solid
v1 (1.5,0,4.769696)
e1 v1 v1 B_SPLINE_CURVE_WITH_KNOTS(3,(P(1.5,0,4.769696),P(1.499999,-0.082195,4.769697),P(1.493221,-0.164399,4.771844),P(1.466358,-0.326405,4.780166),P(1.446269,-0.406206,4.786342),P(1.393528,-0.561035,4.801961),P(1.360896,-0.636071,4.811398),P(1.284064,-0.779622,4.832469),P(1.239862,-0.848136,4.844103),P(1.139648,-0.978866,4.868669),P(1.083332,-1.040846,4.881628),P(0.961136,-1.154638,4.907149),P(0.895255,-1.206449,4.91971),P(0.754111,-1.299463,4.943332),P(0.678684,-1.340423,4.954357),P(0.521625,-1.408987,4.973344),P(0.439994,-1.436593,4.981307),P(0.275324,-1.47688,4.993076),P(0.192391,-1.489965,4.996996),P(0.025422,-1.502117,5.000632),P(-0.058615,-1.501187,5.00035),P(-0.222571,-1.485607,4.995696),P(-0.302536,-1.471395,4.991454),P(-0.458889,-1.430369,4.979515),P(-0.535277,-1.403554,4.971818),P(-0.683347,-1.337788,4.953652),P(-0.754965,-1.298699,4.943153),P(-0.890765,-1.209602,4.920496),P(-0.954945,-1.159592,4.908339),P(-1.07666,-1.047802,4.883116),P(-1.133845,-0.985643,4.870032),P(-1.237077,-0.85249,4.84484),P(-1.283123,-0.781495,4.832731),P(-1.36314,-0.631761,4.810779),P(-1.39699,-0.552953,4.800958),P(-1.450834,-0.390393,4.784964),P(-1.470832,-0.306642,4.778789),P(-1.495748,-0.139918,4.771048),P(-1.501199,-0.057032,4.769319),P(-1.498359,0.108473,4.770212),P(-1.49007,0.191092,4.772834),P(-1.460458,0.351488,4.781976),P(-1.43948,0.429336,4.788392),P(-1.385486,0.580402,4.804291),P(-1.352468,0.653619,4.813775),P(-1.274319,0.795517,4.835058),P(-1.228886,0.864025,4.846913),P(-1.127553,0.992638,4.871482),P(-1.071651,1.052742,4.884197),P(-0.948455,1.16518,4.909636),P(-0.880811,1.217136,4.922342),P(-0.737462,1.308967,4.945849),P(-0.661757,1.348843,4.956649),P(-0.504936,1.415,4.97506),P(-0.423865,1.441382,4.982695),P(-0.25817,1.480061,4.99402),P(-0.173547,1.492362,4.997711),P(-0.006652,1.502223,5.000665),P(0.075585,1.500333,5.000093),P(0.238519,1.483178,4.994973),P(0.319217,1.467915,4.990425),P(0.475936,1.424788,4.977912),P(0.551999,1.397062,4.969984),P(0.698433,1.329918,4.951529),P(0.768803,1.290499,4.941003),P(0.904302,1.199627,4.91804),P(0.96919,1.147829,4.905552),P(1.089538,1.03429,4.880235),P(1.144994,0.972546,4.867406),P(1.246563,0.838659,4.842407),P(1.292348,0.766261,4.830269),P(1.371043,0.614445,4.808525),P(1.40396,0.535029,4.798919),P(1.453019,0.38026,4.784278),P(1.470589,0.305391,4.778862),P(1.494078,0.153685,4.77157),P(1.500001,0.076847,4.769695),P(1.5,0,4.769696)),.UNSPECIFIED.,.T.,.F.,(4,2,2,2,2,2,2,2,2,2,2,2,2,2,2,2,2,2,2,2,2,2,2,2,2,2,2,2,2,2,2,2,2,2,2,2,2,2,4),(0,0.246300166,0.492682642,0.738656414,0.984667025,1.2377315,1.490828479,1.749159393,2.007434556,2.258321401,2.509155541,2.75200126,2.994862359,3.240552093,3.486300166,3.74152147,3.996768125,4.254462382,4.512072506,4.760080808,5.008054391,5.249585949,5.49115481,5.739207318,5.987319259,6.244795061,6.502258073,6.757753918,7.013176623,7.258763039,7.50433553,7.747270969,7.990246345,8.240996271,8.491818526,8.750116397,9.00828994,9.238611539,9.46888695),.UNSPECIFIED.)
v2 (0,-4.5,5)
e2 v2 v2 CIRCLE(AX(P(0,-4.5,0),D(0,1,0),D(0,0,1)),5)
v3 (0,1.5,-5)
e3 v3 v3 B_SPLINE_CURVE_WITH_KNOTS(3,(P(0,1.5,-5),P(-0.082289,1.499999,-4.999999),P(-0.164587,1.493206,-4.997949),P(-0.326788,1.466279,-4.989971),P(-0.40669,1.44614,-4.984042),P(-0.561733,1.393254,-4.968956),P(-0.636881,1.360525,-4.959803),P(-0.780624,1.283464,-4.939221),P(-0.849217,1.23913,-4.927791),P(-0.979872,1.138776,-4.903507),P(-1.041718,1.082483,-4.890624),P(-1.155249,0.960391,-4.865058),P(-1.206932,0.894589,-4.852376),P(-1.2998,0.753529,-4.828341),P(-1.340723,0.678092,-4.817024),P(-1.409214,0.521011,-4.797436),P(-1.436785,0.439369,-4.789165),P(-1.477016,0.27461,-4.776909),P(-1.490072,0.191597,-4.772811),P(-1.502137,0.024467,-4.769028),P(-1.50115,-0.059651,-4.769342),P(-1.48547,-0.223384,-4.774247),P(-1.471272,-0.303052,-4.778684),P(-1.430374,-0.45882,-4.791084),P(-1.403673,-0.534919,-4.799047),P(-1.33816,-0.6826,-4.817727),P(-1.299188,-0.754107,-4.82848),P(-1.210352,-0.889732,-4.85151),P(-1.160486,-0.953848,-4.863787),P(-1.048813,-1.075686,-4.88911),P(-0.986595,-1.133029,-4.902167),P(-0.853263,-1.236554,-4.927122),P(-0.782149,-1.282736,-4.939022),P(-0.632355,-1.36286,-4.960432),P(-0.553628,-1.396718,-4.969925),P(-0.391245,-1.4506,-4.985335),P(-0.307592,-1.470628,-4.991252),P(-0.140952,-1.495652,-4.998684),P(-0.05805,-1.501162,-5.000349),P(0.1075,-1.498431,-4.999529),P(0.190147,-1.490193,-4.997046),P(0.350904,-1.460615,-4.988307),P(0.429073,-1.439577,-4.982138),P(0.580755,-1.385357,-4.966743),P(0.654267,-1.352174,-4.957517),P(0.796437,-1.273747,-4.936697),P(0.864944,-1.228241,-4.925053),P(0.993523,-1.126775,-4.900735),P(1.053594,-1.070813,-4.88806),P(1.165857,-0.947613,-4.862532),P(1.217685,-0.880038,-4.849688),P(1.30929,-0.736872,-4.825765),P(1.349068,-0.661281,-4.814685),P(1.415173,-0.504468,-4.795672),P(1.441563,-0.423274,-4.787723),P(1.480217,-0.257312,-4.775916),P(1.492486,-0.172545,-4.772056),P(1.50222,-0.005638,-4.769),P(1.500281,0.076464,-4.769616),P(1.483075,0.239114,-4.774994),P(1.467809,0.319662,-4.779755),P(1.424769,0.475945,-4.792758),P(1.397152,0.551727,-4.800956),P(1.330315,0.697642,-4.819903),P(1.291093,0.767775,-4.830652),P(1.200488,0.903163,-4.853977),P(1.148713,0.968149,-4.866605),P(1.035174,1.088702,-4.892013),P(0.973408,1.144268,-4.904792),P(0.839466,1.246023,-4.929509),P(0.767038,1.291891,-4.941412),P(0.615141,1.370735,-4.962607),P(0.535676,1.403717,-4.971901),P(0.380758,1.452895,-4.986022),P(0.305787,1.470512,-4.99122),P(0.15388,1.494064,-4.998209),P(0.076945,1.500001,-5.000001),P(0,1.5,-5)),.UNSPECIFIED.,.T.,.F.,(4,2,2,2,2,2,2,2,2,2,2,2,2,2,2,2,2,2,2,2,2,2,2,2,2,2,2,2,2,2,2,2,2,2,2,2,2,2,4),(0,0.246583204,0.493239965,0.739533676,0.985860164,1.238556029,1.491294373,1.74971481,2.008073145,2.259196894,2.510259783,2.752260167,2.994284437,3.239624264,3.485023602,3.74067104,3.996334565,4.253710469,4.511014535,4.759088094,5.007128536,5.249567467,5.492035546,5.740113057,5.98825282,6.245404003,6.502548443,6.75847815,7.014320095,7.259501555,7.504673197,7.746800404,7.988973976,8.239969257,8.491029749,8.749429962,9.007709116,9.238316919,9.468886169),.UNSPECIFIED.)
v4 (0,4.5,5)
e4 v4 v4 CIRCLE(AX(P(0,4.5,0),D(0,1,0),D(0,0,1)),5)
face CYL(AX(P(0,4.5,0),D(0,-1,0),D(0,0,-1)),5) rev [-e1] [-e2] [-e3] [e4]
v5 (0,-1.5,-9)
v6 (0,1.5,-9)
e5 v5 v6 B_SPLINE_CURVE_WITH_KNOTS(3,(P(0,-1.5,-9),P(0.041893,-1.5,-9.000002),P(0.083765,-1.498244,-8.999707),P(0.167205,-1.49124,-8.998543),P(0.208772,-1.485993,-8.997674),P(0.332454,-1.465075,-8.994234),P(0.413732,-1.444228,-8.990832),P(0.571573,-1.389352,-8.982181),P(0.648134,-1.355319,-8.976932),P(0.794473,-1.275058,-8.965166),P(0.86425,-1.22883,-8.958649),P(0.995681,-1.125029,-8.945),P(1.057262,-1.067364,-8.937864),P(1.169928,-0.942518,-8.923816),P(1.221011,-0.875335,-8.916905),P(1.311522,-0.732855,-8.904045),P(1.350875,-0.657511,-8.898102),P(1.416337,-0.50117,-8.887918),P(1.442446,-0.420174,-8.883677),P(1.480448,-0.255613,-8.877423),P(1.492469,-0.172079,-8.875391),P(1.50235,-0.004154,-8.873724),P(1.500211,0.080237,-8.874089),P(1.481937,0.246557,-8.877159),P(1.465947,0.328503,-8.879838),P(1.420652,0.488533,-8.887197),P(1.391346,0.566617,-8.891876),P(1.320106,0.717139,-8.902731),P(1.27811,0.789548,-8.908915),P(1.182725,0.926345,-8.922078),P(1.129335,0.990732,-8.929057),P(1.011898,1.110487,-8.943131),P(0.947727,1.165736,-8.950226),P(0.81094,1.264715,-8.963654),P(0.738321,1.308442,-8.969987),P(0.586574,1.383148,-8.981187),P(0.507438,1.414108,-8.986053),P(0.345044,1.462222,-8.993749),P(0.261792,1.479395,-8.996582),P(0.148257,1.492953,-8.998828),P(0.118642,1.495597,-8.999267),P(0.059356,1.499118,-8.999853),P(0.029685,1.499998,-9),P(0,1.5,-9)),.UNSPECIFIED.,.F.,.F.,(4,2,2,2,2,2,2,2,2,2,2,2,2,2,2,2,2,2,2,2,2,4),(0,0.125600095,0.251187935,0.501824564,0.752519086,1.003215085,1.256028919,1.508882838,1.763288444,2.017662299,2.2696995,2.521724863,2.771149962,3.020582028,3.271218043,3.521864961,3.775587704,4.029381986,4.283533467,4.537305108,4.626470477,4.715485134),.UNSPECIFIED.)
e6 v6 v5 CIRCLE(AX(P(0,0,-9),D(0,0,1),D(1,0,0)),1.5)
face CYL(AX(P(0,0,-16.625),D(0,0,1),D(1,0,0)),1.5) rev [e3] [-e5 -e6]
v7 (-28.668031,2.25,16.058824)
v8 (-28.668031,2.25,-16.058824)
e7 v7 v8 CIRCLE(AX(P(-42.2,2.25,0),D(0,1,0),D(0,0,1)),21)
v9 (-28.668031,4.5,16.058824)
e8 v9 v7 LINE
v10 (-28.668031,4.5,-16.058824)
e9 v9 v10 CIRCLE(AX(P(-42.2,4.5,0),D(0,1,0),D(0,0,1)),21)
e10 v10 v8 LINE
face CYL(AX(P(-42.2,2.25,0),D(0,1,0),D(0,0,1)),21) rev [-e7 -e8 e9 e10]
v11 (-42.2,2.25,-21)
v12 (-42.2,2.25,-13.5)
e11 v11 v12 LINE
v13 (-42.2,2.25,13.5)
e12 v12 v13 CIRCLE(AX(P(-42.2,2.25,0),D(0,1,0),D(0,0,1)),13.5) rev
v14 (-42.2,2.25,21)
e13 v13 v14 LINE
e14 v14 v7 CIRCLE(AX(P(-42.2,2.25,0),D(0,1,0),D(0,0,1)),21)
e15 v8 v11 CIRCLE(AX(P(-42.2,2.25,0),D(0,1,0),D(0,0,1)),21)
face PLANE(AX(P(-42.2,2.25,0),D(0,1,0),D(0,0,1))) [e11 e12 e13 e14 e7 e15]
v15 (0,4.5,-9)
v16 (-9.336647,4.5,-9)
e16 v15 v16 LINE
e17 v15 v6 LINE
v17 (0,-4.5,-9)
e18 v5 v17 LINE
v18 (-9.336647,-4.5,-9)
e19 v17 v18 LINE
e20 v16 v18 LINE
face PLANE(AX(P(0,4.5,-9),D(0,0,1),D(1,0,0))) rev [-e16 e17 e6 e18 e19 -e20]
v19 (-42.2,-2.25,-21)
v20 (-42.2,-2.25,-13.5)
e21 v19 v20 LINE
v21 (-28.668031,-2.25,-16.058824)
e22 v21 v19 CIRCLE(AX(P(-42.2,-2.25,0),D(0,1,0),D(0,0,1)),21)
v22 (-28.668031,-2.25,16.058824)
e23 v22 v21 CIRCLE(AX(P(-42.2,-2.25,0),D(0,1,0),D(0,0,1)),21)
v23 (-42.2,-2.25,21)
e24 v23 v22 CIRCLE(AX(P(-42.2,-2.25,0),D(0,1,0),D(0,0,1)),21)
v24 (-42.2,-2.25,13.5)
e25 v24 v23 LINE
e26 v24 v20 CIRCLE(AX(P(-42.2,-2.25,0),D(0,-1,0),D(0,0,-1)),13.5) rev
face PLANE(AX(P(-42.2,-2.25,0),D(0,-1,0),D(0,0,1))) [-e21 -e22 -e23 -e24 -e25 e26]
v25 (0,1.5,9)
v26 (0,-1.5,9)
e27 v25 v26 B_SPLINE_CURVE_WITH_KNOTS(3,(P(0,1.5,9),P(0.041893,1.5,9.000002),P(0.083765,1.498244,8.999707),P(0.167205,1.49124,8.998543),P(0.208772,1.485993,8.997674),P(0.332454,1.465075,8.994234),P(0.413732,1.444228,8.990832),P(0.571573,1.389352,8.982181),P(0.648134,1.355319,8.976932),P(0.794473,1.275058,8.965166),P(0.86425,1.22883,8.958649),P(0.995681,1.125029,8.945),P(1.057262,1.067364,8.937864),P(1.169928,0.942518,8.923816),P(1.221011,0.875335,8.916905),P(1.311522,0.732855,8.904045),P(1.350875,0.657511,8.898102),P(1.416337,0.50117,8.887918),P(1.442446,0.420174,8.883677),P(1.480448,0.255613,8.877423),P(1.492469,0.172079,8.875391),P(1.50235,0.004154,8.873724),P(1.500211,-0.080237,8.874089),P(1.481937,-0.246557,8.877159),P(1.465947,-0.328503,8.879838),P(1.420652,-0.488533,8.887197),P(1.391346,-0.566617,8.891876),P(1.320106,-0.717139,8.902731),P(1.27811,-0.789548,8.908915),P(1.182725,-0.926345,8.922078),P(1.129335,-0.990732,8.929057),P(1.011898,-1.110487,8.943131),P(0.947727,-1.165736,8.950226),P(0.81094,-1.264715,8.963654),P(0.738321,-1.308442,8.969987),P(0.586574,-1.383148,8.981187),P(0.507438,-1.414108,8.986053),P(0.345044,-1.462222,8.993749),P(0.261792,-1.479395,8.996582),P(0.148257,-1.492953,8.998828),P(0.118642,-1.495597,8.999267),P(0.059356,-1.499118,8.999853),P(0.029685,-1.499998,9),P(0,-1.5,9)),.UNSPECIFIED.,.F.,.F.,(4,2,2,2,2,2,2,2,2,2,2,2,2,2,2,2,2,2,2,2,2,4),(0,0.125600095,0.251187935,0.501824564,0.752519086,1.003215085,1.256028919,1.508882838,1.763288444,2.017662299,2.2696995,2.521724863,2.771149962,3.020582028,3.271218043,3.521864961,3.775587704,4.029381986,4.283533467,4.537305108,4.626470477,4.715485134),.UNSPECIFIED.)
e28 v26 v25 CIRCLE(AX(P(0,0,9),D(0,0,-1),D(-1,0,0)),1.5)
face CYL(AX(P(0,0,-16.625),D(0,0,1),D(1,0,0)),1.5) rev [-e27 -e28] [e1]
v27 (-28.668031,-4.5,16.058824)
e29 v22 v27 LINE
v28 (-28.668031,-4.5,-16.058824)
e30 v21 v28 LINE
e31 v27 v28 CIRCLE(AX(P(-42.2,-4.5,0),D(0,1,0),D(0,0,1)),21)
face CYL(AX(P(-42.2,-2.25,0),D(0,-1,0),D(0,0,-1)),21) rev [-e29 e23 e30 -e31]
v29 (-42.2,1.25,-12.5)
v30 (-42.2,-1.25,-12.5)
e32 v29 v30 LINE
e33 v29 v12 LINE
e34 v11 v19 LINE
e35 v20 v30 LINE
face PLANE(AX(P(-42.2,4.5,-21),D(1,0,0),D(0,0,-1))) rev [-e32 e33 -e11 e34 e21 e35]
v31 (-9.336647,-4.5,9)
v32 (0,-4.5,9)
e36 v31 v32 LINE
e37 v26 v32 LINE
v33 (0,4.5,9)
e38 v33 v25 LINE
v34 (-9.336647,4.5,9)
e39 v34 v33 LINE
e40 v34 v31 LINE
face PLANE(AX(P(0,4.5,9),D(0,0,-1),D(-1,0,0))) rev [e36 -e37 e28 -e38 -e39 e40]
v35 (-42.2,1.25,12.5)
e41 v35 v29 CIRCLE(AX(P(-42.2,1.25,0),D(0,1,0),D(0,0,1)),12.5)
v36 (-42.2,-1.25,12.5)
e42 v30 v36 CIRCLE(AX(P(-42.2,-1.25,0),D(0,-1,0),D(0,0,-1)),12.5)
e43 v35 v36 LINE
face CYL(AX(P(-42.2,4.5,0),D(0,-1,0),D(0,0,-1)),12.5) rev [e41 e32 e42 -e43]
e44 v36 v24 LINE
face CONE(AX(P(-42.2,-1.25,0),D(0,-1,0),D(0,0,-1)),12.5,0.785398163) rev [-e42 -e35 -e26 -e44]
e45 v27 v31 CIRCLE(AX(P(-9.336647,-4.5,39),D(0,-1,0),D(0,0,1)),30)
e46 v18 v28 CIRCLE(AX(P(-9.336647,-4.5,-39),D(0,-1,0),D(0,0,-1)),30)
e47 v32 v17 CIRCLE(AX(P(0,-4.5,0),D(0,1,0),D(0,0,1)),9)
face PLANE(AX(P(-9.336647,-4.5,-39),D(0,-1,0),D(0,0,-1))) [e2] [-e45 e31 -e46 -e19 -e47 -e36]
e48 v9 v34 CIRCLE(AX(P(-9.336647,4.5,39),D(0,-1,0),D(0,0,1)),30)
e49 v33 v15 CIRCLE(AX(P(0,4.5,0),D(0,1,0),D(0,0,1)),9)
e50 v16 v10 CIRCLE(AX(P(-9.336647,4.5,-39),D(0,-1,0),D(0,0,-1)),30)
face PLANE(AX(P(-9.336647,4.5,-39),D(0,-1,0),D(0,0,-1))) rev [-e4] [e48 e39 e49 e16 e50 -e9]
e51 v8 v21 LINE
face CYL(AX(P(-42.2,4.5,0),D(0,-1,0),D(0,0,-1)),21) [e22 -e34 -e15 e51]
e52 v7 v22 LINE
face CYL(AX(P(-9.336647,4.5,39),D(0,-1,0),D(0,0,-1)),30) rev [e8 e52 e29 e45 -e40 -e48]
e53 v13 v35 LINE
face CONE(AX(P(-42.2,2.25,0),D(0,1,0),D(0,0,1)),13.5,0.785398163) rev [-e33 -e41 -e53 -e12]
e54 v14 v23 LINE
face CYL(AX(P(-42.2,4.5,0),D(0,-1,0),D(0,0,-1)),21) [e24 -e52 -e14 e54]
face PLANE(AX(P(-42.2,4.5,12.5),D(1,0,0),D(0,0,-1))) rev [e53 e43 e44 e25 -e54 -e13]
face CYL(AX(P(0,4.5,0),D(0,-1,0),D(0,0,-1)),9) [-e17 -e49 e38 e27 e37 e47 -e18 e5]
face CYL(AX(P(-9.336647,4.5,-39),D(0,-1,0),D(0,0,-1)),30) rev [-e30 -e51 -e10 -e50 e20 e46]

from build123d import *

# Parameters (mm, degrees)
SKETCH_1_R          = 5
EXTRUDE_1_DEPTH     = 4.5
CUT_EXTRUDE_1_DEPTH = 2.25
CHAMFER_1_SIZE      = 1
SKETCH_3_R          = 1.5
CUT_EXTRUDE_2_DEPTH = 16.625


with BuildPart() as part:
    # 草图1 → 凸台-拉伸1 (new, symmetric)
    with BuildSketch(Plane(origin=(0, 0, 0), x_dir=(1, 0, 0), z_dir=(0, 1, 0))):
        with BuildLine():
            Line((0, 9), (-9.33664655, 9))
            ThreePointArc((-9.33664655, 9), (-19.626561658, 10.819906901), (-28.668030932, 16.058823529))
            ThreePointArc((-28.668030932, 16.058823529), (-34.997059424, 19.726065169), (-42.2, 21))
            Line((-42.2, 21), (-42.2, 12.5))
            ThreePointArc((-42.2, 12.5), (-29.7, 0), (-42.2, -12.5))
            Line((-42.2, -12.5), (-42.2, -21))
            ThreePointArc((-42.2, -21), (-34.997059424, -19.726065169), (-28.668030932, -16.058823529))
            ThreePointArc((-28.668030932, -16.058823529), (-19.626561658, -10.819906901), (-9.33664655, -9))
            Line((-9.33664655, -9), (0, -9))
            ThreePointArc((0, -9), (9, 0), (0, 9))
        make_face()
        with Locations(Location((0, 0, 0), (0, 0, 270))):
            Circle(SKETCH_1_R, mode=Mode.SUBTRACT)
    extrude(amount=EXTRUDE_1_DEPTH, both=True)

    # 草图2 → 切除-拉伸1 (cut)
    with BuildSketch(Plane(origin=(0, 4.5, 0), x_dir=(1, 0, 0), z_dir=(0, 1, 0))):
        with BuildLine():
            Line((-42.2, -12.5), (-42.2, -21))
            ThreePointArc((-42.2, -21), (-21.2, 0), (-42.2, 21))
            Line((-42.2, 21), (-42.2, 12.5))
            ThreePointArc((-42.2, 12.5), (-29.7, 0), (-42.2, -12.5))
        make_face()
    cut_extrude_1 = extrude(amount=-CUT_EXTRUDE_1_DEPTH, mode=Mode.SUBTRACT)

    # 镜向1: 切除-拉伸1 across plane
    add(cut_extrude_1.mirror(Plane.ZX), mode=Mode.SUBTRACT)

    # 倒角1
    chamfer_1_edges = [part.edges().sort_by_distance(p)[0] for p in [
        (-29.7, 2.25, 0),
        (-29.7, -2.25, 0),
    ]]
    chamfer(chamfer_1_edges, length=CHAMFER_1_SIZE)

    # 草图3 → 切除-拉伸2 (cut, symmetric)
    with BuildSketch(Plane.XY):
        with Locations(Location((0, 0, 0), (0, 0, 89.999999982))):
            Circle(SKETCH_3_R)
    extrude(amount=CUT_EXTRUDE_2_DEPTH, both=True, mode=Mode.SUBTRACT)


solid = part.part
